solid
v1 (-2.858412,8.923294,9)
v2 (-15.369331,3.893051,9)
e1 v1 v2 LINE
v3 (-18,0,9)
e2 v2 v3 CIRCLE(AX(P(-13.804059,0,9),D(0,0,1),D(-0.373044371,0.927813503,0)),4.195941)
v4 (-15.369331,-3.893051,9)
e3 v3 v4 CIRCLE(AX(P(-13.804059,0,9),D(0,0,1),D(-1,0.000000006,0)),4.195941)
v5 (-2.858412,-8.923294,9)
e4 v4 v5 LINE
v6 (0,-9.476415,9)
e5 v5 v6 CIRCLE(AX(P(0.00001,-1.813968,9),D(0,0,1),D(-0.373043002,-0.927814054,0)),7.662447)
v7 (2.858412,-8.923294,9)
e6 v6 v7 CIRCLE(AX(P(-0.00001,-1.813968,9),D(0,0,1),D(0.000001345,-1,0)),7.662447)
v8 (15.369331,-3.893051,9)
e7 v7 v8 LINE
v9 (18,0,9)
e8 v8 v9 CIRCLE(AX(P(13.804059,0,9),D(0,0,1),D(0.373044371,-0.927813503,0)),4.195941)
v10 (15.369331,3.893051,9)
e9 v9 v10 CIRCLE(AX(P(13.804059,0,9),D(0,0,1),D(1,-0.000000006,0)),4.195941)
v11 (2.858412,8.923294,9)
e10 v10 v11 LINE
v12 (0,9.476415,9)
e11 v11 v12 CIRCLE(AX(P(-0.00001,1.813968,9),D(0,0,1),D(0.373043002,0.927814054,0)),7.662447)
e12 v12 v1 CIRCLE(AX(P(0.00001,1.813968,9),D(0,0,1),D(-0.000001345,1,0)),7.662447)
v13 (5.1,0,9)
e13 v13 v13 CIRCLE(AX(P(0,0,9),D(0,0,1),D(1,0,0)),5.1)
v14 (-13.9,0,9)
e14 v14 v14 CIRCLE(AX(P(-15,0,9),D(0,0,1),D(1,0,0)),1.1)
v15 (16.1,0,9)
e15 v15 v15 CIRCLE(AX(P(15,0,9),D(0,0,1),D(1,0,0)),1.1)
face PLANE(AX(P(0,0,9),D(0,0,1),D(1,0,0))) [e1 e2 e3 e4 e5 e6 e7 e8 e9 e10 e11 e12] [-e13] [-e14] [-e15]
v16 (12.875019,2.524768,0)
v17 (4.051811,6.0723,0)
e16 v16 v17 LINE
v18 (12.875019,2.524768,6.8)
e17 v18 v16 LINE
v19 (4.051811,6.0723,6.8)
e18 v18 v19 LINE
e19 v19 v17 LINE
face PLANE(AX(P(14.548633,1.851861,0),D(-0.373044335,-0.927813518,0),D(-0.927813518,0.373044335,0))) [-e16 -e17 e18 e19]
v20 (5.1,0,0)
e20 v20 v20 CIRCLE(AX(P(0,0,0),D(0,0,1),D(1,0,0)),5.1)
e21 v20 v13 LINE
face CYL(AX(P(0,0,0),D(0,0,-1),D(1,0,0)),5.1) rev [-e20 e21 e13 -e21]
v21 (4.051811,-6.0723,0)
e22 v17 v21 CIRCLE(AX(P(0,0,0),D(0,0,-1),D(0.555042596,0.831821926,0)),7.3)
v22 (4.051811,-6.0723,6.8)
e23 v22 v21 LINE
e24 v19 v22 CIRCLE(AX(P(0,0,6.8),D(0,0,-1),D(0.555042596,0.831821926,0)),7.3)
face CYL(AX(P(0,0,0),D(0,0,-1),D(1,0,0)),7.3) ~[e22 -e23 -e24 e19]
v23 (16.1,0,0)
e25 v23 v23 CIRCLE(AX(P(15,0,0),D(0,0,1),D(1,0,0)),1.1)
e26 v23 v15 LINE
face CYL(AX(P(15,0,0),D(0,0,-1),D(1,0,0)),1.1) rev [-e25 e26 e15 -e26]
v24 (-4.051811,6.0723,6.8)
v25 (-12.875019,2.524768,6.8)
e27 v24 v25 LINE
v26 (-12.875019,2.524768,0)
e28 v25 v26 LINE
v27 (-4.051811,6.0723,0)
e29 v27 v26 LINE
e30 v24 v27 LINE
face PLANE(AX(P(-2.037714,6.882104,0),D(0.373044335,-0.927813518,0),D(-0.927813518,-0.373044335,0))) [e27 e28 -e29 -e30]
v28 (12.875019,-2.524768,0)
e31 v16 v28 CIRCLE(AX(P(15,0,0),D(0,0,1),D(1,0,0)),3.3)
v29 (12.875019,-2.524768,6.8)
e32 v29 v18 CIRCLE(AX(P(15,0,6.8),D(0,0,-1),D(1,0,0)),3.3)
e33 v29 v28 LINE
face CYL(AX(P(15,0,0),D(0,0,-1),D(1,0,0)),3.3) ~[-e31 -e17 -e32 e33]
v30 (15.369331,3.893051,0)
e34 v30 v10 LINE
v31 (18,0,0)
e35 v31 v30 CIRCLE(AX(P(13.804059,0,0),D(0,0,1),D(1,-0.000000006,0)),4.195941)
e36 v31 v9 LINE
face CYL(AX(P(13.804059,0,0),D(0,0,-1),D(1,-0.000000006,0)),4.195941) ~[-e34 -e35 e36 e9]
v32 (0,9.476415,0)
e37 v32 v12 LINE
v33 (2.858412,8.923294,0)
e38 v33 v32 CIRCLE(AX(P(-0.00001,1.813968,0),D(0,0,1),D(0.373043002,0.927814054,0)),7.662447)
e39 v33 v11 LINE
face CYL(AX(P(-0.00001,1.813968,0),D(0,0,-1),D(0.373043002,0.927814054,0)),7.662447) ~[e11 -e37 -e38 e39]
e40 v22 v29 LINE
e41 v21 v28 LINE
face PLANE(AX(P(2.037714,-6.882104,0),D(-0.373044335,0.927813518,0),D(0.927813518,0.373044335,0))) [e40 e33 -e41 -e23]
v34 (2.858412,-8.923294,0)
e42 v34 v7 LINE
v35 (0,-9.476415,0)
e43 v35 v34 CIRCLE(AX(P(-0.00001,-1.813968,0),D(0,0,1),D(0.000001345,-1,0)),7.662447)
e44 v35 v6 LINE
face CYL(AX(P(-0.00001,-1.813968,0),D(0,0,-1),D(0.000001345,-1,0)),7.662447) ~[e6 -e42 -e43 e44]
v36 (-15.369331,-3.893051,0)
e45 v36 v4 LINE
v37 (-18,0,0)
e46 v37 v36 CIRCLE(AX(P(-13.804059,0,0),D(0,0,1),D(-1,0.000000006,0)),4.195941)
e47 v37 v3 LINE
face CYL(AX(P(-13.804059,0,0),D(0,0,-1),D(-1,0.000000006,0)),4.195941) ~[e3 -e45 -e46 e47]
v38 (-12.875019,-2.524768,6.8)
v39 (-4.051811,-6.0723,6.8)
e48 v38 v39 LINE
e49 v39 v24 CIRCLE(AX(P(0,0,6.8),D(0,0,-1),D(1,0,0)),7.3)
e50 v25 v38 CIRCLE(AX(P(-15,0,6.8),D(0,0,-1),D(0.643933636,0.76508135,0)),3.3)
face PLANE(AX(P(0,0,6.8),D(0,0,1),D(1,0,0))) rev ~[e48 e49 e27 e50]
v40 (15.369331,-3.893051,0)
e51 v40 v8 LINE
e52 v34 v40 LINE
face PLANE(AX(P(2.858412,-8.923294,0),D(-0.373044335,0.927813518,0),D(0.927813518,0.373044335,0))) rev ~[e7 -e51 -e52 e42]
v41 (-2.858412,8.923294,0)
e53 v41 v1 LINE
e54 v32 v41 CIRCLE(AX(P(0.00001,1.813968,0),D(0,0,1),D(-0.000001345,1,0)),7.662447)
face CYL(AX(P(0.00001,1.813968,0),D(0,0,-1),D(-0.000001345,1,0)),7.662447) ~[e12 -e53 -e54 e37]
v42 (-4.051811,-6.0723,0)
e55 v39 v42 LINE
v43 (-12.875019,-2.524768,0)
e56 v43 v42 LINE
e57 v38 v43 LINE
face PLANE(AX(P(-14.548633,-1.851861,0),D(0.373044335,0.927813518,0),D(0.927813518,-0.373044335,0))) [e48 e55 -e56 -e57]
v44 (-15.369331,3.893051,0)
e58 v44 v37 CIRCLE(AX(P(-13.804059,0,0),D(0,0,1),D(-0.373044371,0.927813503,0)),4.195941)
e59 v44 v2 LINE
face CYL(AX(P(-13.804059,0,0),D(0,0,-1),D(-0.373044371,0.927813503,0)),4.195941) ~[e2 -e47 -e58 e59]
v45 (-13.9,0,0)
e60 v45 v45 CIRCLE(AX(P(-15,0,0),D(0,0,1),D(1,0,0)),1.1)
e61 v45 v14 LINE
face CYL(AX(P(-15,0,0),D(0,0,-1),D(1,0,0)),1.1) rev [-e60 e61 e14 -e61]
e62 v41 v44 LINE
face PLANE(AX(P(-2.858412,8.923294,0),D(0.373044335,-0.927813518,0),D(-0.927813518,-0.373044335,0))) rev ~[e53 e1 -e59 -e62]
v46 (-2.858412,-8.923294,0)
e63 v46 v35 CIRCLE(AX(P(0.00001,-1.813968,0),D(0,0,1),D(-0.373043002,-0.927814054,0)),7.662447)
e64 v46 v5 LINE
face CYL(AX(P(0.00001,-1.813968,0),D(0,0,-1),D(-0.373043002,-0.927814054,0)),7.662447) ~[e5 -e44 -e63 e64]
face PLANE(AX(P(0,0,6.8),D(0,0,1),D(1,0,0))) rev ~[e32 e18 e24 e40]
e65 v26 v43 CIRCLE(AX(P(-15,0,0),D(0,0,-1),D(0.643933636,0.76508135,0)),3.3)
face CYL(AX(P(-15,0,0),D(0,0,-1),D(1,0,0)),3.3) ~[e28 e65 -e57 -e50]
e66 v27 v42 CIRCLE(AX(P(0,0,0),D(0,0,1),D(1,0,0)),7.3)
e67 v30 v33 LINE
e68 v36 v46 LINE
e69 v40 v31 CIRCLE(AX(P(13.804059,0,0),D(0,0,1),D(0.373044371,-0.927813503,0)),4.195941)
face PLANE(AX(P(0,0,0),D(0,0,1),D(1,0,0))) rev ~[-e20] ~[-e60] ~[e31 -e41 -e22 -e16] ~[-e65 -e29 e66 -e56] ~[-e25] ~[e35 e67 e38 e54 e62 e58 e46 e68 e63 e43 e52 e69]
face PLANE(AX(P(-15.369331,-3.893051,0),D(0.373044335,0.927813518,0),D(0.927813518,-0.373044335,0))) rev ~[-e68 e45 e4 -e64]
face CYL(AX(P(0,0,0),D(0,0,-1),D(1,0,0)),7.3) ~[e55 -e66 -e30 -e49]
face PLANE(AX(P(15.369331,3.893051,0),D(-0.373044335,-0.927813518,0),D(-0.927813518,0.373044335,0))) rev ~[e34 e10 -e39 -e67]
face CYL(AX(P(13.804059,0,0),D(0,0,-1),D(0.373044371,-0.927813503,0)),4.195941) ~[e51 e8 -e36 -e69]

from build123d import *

# Parameters (mm, degrees)
F0_R     = 1.1
F0_R_2   = 5.1
F1_DEPTH = 9
F2_T     = -2.2


with BuildPart() as f1:
    # F0 (on Top) → F1 (new body)
    with BuildSketch(Plane.XY):
        with BuildLine():
            ThreePointArc((0, 9.476415), (-1.455718, 9.336863), (-2.858412, 8.923294))
            Line((-2.858412, 8.923294), (-15.369331, 3.893051))
            ThreePointArc((-15.369331, 3.893051), (-17.280674, 2.34927), (-18, 0))
            ThreePointArc((-18, 0), (-17.280674, -2.34927), (-15.369331, -3.893051))
            Line((-15.369331, -3.893051), (-2.858412, -8.923294))
            ThreePointArc((-2.858412, -8.923294), (-1.455718, -9.336863), (0, -9.476415))
            ThreePointArc((0, -9.476415), (1.455718, -9.336863), (2.858412, -8.923294))
            Line((2.858412, -8.923294), (15.369331, -3.893051))
            ThreePointArc((15.369331, -3.893051), (17.280674, -2.34927), (18, 0))
            ThreePointArc((18, 0), (17.280674, 2.34927), (15.369331, 3.893051))
            Line((15.369331, 3.893051), (2.858412, 8.923294))
            ThreePointArc((2.858412, 8.923294), (1.455718, 9.336863), (0, 9.476415))
        make_face()
        with Locations((-15, 0)):
            Circle(F0_R, mode=Mode.SUBTRACT)
        Circle(F0_R_2, mode=Mode.SUBTRACT)
        with Locations((15, 0)):
            Circle(F0_R, mode=Mode.SUBTRACT)
    extrude(amount=F1_DEPTH)

    # F2
    f2_openings = [f1.faces().sort_by_distance(p)[0] for p in [
        (8.962101, 6.030698, 0),
    ]]
    offset(amount=F2_T, openings=f2_openings)


solid = f1.part
